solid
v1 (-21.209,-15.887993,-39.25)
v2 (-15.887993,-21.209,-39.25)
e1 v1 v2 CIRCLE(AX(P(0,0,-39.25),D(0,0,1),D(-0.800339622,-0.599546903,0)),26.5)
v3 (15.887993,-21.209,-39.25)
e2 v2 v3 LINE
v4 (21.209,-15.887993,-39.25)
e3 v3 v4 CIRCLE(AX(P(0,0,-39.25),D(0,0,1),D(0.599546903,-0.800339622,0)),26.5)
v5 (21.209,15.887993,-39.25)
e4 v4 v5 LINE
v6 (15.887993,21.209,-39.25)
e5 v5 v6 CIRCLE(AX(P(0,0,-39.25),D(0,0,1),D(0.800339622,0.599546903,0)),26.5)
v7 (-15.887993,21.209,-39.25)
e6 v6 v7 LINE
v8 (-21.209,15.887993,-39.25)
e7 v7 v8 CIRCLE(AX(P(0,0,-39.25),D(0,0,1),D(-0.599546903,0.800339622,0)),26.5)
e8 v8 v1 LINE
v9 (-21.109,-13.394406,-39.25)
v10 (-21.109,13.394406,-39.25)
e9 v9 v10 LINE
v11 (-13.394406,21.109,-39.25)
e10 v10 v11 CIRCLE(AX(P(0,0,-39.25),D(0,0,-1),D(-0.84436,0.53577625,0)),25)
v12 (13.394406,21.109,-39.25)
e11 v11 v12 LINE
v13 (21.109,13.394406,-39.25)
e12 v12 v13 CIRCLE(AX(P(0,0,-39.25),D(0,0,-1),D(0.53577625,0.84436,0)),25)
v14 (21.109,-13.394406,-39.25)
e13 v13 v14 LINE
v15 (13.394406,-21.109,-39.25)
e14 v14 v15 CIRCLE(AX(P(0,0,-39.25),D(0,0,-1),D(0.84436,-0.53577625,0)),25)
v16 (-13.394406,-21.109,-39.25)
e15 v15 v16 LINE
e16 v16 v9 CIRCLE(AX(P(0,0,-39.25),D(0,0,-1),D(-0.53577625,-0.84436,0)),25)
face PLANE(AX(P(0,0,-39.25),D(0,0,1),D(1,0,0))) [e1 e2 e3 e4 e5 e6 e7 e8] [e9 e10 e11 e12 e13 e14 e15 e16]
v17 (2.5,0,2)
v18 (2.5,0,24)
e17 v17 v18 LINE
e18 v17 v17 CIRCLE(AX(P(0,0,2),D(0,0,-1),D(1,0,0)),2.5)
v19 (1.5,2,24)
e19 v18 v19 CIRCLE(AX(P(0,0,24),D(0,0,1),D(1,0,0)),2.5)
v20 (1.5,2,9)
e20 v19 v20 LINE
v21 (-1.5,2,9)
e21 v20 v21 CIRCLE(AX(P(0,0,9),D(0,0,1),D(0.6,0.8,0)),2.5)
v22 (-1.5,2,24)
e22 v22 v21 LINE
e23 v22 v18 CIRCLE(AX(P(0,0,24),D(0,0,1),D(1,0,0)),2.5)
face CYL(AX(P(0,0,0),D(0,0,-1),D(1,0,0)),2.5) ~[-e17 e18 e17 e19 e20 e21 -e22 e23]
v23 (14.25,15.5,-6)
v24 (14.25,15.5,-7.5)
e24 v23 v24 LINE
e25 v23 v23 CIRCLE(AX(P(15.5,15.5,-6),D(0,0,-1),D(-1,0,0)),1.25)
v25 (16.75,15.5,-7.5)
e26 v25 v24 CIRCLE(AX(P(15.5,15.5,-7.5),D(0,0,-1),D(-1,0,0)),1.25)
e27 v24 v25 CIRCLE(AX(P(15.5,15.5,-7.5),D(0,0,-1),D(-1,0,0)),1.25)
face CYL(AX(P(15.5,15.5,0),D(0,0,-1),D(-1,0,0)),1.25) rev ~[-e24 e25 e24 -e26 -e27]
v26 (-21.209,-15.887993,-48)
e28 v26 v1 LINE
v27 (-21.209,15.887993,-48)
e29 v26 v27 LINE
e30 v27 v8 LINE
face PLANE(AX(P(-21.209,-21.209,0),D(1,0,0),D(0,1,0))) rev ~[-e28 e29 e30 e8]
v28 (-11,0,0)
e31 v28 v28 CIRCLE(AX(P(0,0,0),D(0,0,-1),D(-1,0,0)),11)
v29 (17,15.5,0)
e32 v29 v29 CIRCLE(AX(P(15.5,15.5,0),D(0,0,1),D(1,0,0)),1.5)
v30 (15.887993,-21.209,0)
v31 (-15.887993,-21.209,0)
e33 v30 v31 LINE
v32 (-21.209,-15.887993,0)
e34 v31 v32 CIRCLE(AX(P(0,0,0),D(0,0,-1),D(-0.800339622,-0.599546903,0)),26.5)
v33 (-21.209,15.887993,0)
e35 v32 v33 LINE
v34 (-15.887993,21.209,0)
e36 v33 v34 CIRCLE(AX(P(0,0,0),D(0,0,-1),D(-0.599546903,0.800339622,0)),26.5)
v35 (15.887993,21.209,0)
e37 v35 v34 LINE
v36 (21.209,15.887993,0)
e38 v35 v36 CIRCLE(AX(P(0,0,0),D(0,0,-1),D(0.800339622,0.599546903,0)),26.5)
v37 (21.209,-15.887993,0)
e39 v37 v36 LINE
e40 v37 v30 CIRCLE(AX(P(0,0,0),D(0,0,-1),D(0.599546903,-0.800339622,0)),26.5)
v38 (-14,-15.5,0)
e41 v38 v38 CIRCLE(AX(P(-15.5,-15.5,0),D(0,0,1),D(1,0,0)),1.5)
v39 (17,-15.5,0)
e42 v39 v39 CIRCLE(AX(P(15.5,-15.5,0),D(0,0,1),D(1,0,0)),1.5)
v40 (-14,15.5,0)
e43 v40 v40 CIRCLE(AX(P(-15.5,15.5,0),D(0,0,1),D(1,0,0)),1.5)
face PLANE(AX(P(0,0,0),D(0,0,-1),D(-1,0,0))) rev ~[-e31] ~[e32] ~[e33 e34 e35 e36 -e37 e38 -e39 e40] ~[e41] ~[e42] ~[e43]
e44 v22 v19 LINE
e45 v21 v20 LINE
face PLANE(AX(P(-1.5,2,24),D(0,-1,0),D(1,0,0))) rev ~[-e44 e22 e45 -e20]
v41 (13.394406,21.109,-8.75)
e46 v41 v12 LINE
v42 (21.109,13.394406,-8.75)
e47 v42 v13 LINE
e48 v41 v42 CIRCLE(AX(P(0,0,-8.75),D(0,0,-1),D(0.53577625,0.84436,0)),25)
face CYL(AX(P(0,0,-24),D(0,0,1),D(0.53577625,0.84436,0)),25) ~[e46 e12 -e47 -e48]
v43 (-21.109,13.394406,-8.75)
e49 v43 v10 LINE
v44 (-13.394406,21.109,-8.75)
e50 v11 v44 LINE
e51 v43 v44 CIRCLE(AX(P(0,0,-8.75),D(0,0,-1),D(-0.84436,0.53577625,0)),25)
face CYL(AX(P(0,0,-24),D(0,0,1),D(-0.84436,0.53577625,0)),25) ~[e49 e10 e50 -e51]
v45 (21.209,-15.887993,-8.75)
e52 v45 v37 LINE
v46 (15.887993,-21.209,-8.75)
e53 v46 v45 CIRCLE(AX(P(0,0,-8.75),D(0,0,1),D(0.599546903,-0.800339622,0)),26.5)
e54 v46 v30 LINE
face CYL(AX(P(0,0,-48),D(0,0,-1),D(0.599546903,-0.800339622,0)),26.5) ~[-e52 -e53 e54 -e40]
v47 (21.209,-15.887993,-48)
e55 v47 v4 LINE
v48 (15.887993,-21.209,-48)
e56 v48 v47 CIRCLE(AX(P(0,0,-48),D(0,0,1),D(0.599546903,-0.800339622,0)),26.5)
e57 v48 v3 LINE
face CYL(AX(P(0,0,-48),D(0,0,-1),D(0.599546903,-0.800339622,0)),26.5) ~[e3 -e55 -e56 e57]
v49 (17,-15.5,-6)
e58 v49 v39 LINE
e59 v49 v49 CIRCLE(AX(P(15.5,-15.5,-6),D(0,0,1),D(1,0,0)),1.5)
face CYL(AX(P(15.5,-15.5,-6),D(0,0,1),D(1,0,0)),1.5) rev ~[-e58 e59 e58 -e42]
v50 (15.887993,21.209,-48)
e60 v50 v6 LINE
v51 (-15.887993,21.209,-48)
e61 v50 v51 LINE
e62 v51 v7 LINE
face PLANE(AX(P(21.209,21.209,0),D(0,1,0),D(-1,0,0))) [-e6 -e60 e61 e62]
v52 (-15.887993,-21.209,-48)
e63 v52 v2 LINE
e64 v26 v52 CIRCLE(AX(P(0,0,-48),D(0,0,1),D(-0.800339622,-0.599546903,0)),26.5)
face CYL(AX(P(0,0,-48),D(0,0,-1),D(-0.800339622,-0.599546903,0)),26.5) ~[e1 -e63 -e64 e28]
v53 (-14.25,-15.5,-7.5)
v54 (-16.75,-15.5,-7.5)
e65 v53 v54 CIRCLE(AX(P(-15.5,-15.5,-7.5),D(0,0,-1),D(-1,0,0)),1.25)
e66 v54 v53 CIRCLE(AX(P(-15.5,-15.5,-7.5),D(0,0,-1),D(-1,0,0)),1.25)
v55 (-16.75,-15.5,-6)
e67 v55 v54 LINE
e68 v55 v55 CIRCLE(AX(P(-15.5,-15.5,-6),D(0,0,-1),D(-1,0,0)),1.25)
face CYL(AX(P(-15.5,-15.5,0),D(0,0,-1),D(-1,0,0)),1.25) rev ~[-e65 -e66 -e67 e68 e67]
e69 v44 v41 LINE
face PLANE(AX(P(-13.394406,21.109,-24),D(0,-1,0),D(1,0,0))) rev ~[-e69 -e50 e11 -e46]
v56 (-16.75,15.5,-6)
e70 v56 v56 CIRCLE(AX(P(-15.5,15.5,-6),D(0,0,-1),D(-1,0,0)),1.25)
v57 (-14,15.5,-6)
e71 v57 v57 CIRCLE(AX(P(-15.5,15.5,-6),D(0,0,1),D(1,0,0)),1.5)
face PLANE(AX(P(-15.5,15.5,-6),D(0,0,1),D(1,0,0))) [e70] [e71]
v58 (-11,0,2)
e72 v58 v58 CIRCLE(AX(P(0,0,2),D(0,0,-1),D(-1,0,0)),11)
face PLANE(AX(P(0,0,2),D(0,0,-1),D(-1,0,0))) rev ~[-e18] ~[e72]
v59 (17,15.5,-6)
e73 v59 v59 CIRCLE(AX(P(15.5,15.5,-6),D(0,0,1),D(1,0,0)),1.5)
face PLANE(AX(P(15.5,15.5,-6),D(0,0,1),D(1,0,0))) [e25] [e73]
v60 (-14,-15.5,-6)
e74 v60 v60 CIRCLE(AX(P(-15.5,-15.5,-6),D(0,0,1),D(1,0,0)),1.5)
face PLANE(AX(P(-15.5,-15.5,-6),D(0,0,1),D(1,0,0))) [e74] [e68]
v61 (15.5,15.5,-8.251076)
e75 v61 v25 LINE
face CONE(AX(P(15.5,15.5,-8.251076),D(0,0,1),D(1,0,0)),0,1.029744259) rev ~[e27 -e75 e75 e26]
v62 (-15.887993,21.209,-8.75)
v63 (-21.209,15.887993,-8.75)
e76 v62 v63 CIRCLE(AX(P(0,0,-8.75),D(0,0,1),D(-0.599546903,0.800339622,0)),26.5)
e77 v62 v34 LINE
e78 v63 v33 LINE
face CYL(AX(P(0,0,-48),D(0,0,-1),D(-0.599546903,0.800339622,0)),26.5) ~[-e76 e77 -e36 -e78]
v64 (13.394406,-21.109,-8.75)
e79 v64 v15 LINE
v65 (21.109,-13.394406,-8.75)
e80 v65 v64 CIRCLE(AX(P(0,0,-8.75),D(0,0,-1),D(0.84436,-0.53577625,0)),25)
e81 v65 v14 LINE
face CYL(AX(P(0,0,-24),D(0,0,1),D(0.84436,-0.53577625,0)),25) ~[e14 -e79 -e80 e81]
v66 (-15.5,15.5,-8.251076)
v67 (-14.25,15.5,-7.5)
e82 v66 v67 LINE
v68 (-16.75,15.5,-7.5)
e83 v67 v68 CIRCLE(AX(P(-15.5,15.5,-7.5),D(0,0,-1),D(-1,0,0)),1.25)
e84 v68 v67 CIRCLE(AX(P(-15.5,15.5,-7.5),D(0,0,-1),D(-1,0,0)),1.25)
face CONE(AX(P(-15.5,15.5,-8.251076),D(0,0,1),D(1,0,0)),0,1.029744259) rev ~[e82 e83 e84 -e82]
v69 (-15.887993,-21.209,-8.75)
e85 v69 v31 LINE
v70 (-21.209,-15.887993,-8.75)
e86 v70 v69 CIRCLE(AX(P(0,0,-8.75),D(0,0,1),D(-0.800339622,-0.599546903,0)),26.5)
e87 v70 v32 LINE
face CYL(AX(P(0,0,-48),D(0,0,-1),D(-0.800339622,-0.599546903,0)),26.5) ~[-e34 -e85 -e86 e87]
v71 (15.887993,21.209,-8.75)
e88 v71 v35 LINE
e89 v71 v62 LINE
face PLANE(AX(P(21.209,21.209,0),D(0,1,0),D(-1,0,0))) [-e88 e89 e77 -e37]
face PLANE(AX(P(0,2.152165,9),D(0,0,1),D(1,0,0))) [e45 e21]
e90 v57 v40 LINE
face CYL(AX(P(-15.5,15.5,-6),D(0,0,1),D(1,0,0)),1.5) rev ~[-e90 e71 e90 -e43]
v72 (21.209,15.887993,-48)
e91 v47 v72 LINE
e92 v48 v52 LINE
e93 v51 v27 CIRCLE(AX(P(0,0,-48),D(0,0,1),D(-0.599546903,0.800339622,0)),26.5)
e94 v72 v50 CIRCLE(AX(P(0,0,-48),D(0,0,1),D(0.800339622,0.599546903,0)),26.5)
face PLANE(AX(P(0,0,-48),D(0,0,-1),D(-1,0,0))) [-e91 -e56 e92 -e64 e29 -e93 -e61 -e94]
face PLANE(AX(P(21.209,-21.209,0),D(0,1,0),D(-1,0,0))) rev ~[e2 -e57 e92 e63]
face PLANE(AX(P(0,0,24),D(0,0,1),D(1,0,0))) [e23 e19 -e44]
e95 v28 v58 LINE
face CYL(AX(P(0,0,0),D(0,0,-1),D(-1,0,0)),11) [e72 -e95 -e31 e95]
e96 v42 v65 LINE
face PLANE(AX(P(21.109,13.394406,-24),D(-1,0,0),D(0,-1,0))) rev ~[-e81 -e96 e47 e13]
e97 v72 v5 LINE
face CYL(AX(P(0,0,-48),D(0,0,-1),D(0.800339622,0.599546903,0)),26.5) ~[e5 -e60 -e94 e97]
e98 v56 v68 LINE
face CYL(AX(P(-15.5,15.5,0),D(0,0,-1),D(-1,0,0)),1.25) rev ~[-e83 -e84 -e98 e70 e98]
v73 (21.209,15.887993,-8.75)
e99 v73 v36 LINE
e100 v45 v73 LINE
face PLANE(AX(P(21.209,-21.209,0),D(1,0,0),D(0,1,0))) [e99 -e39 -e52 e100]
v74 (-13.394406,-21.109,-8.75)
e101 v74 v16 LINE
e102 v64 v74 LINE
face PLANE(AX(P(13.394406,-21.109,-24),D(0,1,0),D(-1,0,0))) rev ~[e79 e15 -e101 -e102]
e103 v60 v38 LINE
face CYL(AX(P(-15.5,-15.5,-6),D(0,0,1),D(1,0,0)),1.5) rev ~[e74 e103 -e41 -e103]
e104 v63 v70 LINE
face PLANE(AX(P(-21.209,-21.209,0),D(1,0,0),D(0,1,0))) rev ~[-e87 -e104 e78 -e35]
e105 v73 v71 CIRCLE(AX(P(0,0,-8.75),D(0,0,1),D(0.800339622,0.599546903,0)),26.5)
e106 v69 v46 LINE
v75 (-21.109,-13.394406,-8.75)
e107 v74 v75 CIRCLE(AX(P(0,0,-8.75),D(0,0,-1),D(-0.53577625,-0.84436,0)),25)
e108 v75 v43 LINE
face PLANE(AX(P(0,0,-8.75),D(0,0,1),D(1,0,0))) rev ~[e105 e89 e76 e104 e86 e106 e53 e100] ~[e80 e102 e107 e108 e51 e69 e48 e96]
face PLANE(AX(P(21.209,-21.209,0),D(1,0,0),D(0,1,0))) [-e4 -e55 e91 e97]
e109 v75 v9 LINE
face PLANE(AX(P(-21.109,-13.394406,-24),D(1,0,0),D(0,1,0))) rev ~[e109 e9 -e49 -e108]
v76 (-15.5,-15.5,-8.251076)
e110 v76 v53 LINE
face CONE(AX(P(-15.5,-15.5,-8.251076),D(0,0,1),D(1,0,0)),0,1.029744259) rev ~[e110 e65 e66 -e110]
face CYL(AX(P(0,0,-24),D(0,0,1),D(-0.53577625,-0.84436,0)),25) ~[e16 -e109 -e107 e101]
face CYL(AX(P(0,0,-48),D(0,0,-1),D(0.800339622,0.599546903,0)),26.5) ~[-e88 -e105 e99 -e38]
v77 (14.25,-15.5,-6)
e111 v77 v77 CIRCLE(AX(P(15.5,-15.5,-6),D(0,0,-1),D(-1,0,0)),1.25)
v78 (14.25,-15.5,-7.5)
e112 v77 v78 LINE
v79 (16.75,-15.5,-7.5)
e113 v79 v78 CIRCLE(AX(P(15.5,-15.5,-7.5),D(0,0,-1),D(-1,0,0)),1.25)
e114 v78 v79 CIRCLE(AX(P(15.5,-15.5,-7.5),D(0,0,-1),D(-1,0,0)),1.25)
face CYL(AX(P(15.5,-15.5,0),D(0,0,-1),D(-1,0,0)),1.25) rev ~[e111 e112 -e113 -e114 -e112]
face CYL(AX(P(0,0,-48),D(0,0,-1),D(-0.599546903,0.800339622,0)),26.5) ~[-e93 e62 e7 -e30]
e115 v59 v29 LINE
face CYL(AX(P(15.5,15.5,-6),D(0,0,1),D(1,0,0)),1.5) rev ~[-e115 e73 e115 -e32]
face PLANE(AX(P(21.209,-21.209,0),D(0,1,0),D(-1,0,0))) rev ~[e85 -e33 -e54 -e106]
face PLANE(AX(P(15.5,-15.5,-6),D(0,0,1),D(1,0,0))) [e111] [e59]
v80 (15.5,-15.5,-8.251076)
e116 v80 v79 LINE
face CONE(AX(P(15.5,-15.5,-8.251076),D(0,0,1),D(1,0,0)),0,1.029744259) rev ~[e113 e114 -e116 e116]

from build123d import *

# Parameters (mm, degrees)
SKETCH1_R                       = 2.5
BOSS_EXTRUDE1_DEPTH             = 24
SKETCH2_R                       = 11
BOSS_EXTRUDE2_DEPTH             = 2
SKETCH3_W                       = 42.418
SKETCH3_H                       = 42.418
BOSS_EXTRUDE3_DEPTH             = 48
CUT_EXTRUDE1_DEPTH              = 73
M3X0_5_TAPPED_HOLE1_D           = 2.5
M3X0_5_TAPPED_HOLE1_DEPTH       = 7.5
M3X0_5_TAPPED_HOLE1_CBORE_D     = 3
M3X0_5_TAPPED_HOLE1_CBORE_DEPTH = 6
M3X0_5_TAPPED_HOLE1_TIP         = 0.751075774
CUT_EXTRUDE2_DEPTH              = 15
CUT_EXTRUDE3_DEPTH              = 15.25


with BuildPart() as part:
    # Sketch1 → Boss-Extrude1 (new body)
    with BuildSketch(Plane.XY):
        Circle(SKETCH1_R)
    extrude(amount=BOSS_EXTRUDE1_DEPTH)

    # Sketch2 → Boss-Extrude2 (add)
    with BuildSketch(Plane(origin=(0, 0, 0), x_dir=(-1, 0, 0), z_dir=(0, 0, -1))):
        Circle(SKETCH2_R)
    extrude(amount=-BOSS_EXTRUDE2_DEPTH)

    # Sketch3 → Boss-Extrude3 (add)
    with BuildSketch(Plane(origin=(0, 0, 0), x_dir=(-1, 0, 0), z_dir=(0, 0, -1))):
        Rectangle(SKETCH3_W, SKETCH3_H)
    extrude(amount=BOSS_EXTRUDE3_DEPTH)

    # Sketch4 → Cut-Extrude1 (cut, through all)
    with BuildSketch(Plane(origin=(0, 0, -48), x_dir=(-1, 0, 0), z_dir=(0, 0, -1))):
        with BuildLine():
            Line((-21.209, -15.887992919), (-21.209, -21.209))
            Line((-21.209, -21.209), (-15.887992919, -21.209))
            ThreePointArc((-15.887992919, -21.209), (-18.738329701, -18.738329701), (-21.209, -15.887992919))
        make_face()
        with BuildLine():
            Line((15.887992919, -21.209), (21.209, -21.209))
            Line((21.209, -21.209), (21.209, -15.887992919))
            ThreePointArc((21.209, -15.887992919), (18.738329701, -18.738329701), (15.887992919, -21.209))
        make_face()
        with BuildLine():
            Line((21.209, 15.887992919), (21.209, 21.209))
            Line((21.209, 21.209), (15.887992919, 21.209))
            ThreePointArc((15.887992919, 21.209), (18.738329701, 18.738329701), (21.209, 15.887992919))
        make_face()
        with BuildLine():
            Line((-15.887992919, 21.209), (-21.209, 21.209))
            Line((-21.209, 21.209), (-21.209, 15.887992919))
            ThreePointArc((-21.209, 15.887992919), (-18.738329701, 18.738329701), (-15.887992919, 21.209))
        make_face()
    extrude(amount=-CUT_EXTRUDE1_DEPTH, mode=Mode.SUBTRACT)

    # M3x0.5 Tapped Hole1
    with Locations(Plane.XY):
        with Locations((-15.5, 15.5), (-15.5, -15.5), (15.5, -15.5), (15.5, 15.5)):
            CounterBoreHole(M3X0_5_TAPPED_HOLE1_D / 2, M3X0_5_TAPPED_HOLE1_CBORE_D / 2, M3X0_5_TAPPED_HOLE1_CBORE_DEPTH, depth=M3X0_5_TAPPED_HOLE1_DEPTH)
            with Locations((0, 0, -(M3X0_5_TAPPED_HOLE1_DEPTH + M3X0_5_TAPPED_HOLE1_TIP / 2))):  # 118° drill point
                Cone(0, M3X0_5_TAPPED_HOLE1_D / 2, M3X0_5_TAPPED_HOLE1_TIP, mode=Mode.SUBTRACT)

    # Sketch7 → Cut-Extrude2 (cut)
    with BuildSketch(Plane.XY.offset(24)):
        with BuildLine():
            Line((-1.5, 2), (1.5, 2))
            ThreePointArc((1.5, 2), (0, 2.5), (-1.5, 2))
        make_face()
    extrude(amount=-CUT_EXTRUDE2_DEPTH, mode=Mode.SUBTRACT)

    # Sketch8 → Cut-Extrude3 (cut, symmetric)
    with BuildSketch(Plane.XY.offset(-24)):
        with BuildLine():
            Line((15.887992919, 21.209), (-15.887992919, 21.209))
            ThreePointArc((-15.887992919, 21.209), (-18.738329701, 18.738329701), (-21.209, 15.887992919))
            Line((-21.209, 15.887992919), (-21.209, -15.887992919))
            ThreePointArc((-21.209, -15.887992919), (-18.738329701, -18.738329701), (-15.887992919, -21.209))
            Line((-15.887992919, -21.209), (15.887992919, -21.209))
            ThreePointArc((15.887992919, -21.209), (18.738329701, -18.738329701), (21.209, -15.887992919))
            Line((21.209, -15.887992919), (21.209, 15.887992919))
            ThreePointArc((21.209, 15.887992919), (18.738329701, 18.738329701), (15.887992919, 21.209))
        make_face()
        with BuildLine():
            Line((-13.394406258, 21.109), (13.394406258, 21.109))
            ThreePointArc((13.394406258, 21.109), (17.67766953, 17.67766953), (21.109, 13.394406258))
            Line((21.109, 13.394406258), (21.109, -13.394406258))
            ThreePointArc((21.109, -13.394406258), (17.67766953, -17.67766953), (13.394406258, -21.109))
            Line((13.394406258, -21.109), (-13.394406258, -21.109))
            ThreePointArc((-13.394406258, -21.109), (-17.67766953, -17.67766953), (-21.109, -13.394406258))
            Line((-21.109, -13.394406258), (-21.109, 13.394406258))
            ThreePointArc((-21.109, 13.394406258), (-17.67766953, 17.67766953), (-13.394406258, 21.109))
        make_face(mode=Mode.SUBTRACT)
    extrude(amount=CUT_EXTRUDE3_DEPTH, both=True, mode=Mode.SUBTRACT)


solid = part.part
